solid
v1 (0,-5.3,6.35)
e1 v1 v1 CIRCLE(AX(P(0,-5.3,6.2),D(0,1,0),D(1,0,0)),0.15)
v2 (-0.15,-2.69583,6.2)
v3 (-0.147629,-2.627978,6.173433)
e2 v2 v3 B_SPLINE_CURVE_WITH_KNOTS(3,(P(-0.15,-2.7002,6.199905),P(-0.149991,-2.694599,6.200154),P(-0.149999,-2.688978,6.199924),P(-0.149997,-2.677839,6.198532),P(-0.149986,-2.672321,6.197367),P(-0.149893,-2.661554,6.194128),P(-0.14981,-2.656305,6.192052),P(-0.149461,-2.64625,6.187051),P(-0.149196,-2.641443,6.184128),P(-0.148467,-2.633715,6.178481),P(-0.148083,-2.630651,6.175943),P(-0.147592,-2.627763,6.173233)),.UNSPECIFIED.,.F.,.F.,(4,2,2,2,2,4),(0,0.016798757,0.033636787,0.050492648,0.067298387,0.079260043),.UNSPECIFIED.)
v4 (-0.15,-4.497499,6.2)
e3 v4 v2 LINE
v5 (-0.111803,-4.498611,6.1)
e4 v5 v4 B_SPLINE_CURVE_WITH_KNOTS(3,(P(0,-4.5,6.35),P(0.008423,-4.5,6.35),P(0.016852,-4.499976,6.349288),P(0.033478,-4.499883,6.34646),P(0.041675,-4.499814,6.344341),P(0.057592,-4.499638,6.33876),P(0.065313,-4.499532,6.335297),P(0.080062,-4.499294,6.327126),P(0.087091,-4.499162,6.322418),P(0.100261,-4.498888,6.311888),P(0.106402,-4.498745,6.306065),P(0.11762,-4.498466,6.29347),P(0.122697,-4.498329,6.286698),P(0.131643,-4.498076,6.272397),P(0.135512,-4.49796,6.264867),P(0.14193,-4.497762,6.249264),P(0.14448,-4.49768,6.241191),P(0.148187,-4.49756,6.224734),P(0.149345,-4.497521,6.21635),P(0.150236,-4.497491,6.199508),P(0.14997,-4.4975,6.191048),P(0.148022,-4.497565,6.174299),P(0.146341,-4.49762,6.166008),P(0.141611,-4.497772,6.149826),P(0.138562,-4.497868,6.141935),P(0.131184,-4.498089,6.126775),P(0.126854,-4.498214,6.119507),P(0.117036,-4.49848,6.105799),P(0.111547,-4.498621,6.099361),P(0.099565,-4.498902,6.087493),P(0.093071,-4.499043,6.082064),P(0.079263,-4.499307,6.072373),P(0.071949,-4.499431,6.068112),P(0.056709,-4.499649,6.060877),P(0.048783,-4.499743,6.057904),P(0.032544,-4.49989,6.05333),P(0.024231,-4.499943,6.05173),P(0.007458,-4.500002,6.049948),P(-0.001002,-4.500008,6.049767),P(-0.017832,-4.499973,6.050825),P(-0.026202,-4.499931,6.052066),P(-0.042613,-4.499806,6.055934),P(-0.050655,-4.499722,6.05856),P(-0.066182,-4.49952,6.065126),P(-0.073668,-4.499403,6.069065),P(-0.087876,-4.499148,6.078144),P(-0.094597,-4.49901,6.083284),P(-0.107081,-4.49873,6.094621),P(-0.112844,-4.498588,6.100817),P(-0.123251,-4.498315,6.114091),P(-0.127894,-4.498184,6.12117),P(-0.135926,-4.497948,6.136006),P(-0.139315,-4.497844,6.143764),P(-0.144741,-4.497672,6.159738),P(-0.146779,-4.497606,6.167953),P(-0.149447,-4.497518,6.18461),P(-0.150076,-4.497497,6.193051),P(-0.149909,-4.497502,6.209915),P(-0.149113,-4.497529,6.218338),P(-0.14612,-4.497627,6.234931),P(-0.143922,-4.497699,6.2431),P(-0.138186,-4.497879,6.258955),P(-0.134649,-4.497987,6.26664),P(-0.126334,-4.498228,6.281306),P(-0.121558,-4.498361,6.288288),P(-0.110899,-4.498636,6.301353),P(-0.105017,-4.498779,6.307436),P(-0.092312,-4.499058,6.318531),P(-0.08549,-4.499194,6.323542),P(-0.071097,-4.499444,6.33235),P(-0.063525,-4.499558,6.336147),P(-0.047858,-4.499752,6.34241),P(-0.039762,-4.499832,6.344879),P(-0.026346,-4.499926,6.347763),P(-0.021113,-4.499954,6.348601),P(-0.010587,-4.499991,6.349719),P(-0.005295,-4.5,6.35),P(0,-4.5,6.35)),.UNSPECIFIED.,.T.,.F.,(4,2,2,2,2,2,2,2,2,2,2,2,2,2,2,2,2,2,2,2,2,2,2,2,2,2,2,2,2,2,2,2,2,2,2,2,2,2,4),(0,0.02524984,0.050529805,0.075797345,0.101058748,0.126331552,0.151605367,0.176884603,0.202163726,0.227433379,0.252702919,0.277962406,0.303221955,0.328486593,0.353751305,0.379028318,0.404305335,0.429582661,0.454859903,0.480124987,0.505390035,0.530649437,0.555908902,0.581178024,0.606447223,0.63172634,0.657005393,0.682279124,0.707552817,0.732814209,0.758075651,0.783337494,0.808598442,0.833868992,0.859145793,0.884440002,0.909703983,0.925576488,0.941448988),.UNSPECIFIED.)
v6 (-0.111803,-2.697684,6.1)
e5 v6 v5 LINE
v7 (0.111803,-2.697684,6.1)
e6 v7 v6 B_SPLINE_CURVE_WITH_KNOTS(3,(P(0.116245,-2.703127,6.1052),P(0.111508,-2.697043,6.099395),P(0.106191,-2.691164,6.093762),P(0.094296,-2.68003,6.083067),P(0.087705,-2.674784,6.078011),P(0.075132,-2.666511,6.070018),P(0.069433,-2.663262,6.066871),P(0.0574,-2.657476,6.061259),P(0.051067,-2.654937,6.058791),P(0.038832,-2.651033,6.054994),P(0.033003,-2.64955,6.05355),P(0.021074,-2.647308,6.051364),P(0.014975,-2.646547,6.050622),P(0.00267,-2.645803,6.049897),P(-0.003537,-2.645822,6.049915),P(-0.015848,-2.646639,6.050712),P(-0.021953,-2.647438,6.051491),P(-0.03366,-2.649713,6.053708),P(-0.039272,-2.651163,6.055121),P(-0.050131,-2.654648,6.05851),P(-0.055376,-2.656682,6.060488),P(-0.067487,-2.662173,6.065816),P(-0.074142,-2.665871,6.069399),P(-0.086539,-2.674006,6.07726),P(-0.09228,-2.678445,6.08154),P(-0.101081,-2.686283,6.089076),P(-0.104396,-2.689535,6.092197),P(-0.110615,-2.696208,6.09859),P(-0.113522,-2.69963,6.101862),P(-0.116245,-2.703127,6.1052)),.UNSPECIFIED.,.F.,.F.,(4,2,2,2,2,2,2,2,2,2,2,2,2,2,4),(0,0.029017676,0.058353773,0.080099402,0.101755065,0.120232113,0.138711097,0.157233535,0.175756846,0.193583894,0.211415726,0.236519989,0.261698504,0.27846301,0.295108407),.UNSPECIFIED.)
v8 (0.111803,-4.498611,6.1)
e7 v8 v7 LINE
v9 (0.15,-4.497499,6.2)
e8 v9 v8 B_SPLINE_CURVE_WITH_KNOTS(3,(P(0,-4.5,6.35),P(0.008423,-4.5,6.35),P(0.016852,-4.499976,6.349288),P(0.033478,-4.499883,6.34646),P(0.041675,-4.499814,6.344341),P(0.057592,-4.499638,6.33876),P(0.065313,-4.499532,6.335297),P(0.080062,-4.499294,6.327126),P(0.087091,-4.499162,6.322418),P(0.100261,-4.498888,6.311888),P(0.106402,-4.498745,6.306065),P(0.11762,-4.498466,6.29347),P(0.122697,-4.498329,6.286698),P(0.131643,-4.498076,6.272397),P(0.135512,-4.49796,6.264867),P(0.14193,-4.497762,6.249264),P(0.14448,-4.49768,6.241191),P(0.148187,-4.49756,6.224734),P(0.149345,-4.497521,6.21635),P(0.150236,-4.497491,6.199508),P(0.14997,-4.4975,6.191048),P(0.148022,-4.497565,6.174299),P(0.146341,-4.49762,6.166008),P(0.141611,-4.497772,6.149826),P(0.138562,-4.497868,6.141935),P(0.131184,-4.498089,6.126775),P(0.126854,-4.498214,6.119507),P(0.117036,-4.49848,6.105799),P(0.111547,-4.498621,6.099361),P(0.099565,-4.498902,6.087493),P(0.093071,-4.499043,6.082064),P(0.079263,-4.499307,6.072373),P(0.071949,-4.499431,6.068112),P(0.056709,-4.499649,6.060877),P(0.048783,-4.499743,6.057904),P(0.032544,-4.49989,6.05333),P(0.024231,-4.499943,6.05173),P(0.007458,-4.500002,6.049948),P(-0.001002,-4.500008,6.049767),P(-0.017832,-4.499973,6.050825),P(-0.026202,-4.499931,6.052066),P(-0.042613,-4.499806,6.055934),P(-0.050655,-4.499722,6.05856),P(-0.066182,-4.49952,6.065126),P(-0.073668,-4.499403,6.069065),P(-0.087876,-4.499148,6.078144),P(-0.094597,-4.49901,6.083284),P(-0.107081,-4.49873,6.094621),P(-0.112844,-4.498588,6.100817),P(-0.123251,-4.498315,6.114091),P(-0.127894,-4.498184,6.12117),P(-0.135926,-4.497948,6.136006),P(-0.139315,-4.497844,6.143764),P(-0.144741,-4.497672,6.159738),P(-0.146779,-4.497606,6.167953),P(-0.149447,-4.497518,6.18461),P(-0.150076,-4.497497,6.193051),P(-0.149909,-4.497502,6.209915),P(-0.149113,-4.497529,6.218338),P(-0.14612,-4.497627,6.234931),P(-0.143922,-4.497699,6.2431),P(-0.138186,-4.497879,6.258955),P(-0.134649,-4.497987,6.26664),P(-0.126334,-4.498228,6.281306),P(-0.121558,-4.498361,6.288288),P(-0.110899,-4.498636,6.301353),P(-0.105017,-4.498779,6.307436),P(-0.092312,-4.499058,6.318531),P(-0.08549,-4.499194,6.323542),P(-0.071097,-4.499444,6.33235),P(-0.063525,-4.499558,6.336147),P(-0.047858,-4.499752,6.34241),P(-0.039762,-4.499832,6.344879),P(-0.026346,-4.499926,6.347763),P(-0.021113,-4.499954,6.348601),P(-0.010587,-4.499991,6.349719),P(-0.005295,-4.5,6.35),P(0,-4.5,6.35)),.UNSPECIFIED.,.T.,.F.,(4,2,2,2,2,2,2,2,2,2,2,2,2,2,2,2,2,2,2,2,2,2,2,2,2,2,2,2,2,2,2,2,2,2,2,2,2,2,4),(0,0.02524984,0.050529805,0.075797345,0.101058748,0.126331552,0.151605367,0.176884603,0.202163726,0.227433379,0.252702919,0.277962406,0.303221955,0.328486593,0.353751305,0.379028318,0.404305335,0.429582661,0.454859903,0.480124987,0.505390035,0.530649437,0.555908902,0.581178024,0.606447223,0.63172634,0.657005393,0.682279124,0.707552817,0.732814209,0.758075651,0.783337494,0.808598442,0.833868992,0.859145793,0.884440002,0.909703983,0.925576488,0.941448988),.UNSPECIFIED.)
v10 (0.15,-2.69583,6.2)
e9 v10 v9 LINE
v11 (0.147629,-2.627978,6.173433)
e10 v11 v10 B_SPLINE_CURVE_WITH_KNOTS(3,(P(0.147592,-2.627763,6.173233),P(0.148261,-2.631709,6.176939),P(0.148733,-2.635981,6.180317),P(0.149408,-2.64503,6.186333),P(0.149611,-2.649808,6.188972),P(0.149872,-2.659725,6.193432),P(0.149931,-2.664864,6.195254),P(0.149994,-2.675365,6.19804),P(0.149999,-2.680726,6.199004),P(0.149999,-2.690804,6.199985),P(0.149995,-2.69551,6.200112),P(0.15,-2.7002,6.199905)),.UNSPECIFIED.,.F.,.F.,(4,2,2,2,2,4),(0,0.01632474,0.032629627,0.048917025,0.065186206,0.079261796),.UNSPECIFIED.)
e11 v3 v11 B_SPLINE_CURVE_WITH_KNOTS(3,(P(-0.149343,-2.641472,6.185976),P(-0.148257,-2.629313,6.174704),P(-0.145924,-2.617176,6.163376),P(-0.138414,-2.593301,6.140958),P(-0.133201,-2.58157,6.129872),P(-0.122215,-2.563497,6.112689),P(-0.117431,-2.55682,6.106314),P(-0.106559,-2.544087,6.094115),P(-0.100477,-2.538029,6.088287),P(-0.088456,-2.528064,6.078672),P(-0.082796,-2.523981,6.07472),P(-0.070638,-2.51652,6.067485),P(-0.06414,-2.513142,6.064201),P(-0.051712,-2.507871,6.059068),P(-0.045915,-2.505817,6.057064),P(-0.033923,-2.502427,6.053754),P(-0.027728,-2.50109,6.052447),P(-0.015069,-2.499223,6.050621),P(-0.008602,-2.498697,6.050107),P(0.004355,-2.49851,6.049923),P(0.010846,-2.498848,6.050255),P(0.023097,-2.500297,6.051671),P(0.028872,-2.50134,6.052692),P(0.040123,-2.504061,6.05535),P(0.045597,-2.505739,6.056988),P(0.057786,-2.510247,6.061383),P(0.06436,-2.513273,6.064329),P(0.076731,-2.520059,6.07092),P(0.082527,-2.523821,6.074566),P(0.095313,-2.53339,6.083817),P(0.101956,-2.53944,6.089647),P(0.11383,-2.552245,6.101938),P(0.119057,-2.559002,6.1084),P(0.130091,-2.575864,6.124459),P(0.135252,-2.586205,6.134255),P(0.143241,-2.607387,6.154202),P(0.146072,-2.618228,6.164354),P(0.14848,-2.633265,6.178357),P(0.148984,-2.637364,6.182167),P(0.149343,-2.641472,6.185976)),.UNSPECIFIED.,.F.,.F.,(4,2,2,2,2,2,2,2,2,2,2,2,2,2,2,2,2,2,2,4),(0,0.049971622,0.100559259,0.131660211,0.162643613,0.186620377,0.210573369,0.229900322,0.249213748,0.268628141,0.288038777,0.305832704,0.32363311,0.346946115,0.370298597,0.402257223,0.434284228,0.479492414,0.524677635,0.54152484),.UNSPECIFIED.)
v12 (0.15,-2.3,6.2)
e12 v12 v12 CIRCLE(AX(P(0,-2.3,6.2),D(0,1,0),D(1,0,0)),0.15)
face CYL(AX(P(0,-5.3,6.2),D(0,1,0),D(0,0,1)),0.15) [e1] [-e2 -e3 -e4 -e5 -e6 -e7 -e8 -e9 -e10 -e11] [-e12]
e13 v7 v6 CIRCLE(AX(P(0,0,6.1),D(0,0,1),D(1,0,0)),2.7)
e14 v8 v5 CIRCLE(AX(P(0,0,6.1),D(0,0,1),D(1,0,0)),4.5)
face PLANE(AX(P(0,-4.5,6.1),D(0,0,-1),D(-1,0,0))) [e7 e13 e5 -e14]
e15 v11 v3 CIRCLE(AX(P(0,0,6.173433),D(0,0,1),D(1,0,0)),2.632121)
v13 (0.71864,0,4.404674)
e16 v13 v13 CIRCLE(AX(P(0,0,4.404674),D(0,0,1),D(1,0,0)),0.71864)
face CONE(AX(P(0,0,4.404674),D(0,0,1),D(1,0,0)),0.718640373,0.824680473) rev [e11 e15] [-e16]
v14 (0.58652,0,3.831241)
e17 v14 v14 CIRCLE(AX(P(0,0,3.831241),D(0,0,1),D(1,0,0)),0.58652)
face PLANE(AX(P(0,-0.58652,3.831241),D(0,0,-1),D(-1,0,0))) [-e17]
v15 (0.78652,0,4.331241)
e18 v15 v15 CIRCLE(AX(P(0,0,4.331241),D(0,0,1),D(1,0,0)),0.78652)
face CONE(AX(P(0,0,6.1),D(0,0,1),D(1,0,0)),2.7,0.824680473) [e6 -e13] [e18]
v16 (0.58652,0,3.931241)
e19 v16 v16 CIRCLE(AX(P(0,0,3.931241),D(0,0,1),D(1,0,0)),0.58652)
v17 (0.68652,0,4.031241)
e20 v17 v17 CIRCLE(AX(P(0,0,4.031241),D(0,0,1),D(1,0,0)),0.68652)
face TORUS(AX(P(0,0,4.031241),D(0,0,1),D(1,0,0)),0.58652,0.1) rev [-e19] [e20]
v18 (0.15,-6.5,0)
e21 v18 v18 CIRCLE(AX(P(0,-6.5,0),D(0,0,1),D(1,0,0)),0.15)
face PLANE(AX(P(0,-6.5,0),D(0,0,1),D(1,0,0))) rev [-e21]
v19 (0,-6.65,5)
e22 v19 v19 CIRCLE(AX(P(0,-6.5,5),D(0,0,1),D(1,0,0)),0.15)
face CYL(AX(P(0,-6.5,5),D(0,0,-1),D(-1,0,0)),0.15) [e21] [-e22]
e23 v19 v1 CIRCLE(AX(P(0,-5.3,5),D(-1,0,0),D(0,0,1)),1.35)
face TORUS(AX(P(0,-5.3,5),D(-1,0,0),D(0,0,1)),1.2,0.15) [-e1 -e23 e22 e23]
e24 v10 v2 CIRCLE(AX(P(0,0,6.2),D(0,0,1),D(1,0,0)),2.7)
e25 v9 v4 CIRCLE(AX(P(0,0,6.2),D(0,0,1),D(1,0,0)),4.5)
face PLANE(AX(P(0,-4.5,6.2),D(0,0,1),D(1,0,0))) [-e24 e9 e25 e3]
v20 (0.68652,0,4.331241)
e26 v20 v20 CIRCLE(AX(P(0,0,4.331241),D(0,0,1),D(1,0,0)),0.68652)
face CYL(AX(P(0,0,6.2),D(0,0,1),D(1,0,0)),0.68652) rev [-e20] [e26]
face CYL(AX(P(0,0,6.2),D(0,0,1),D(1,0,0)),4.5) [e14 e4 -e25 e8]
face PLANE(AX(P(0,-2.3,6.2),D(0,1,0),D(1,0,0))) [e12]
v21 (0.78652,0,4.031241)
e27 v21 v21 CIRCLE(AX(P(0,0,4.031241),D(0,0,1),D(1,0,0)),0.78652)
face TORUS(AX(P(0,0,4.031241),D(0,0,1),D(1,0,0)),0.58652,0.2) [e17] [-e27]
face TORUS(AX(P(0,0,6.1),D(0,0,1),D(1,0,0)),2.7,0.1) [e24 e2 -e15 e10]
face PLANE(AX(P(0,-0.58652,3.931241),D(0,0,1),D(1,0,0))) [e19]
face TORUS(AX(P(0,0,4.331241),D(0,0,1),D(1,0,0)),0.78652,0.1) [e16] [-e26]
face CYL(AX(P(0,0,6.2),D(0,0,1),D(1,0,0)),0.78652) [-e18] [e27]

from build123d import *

# Parameters (mm, degrees)
SKETCH3_R = 0.15


with BuildPart() as part:
    # Sweep1: sweep along a path in Sketch4
    with BuildLine(Plane(origin=(0, 0, 0), x_dir=(0, 0, -1), z_dir=(1, 0, 0))) as sweep1_path:
        Line((0, -6.5), (-5, -6.5))
        ThreePointArc((-5, -6.5), (-5.848528137, -6.148528137), (-6.2, -5.3))
        Line((-6.2, -5.3), (-6.2, -2.3))
    # Sketch3 → Sweep1 (sweep)
    with BuildSketch(Plane.XY):
        with Locations((0, -6.5)):
            Circle(SKETCH3_R)
    sweep(path=sweep1_path.line)

    # Sketch6 → Revolve1 (revolve)
    with BuildSketch(Plane(origin=(0, 0, 0), x_dir=(0, 0, -1), z_dir=(1, 0, 0)), mode=Mode.PRIVATE) as revolve1_sk:
        with BuildLine():
            Line((-6.2, -4.5), (-6.2, -2.7))
            ThreePointArc((-6.2, -2.7), (-6.193121719, -2.663553527), (-6.173433093, -2.632120836))
            Line((-6.173433093, -2.632120836), (-4.404673955, -0.718640373))
            ThreePointArc((-4.404673955, -0.718640373), (-4.371316313, -0.69490099), (-4.331240862, -0.686519537))
            Line((-4.331240862, -0.686519537), (-4.031240862, -0.686519537))
            ThreePointArc((-4.031240862, -0.686519537), (-3.960530184, -0.657230215), (-3.931240862, -0.586519537))
            Line((-3.931240862, -0.586519537), (-3.931240862, 0))
            Line((-3.931240862, 0), (-3.831240862, 0))
            Line((-3.831240862, 0), (-3.831240862, -0.586519537))
            ThreePointArc((-3.831240862, -0.586519537), (-3.889819506, -0.727940893), (-4.031240862, -0.786519537))
            Line((-4.031240862, -0.786519537), (-4.331240862, -0.786519537))
            Line((-4.331240862, -0.786519537), (-6.1, -2.7))
            Line((-6.1, -2.7), (-6.1, -4.5))
            Line((-6.1, -4.5), (-6.2, -4.5))
        make_face()
    revolve(revolve1_sk.sketch.rotate(Axis((0, 0, 6.2), (0, 0, -1)), 270), axis=Axis((0, 0, 6.2), (0, 0, -1)))


solid = part.part
